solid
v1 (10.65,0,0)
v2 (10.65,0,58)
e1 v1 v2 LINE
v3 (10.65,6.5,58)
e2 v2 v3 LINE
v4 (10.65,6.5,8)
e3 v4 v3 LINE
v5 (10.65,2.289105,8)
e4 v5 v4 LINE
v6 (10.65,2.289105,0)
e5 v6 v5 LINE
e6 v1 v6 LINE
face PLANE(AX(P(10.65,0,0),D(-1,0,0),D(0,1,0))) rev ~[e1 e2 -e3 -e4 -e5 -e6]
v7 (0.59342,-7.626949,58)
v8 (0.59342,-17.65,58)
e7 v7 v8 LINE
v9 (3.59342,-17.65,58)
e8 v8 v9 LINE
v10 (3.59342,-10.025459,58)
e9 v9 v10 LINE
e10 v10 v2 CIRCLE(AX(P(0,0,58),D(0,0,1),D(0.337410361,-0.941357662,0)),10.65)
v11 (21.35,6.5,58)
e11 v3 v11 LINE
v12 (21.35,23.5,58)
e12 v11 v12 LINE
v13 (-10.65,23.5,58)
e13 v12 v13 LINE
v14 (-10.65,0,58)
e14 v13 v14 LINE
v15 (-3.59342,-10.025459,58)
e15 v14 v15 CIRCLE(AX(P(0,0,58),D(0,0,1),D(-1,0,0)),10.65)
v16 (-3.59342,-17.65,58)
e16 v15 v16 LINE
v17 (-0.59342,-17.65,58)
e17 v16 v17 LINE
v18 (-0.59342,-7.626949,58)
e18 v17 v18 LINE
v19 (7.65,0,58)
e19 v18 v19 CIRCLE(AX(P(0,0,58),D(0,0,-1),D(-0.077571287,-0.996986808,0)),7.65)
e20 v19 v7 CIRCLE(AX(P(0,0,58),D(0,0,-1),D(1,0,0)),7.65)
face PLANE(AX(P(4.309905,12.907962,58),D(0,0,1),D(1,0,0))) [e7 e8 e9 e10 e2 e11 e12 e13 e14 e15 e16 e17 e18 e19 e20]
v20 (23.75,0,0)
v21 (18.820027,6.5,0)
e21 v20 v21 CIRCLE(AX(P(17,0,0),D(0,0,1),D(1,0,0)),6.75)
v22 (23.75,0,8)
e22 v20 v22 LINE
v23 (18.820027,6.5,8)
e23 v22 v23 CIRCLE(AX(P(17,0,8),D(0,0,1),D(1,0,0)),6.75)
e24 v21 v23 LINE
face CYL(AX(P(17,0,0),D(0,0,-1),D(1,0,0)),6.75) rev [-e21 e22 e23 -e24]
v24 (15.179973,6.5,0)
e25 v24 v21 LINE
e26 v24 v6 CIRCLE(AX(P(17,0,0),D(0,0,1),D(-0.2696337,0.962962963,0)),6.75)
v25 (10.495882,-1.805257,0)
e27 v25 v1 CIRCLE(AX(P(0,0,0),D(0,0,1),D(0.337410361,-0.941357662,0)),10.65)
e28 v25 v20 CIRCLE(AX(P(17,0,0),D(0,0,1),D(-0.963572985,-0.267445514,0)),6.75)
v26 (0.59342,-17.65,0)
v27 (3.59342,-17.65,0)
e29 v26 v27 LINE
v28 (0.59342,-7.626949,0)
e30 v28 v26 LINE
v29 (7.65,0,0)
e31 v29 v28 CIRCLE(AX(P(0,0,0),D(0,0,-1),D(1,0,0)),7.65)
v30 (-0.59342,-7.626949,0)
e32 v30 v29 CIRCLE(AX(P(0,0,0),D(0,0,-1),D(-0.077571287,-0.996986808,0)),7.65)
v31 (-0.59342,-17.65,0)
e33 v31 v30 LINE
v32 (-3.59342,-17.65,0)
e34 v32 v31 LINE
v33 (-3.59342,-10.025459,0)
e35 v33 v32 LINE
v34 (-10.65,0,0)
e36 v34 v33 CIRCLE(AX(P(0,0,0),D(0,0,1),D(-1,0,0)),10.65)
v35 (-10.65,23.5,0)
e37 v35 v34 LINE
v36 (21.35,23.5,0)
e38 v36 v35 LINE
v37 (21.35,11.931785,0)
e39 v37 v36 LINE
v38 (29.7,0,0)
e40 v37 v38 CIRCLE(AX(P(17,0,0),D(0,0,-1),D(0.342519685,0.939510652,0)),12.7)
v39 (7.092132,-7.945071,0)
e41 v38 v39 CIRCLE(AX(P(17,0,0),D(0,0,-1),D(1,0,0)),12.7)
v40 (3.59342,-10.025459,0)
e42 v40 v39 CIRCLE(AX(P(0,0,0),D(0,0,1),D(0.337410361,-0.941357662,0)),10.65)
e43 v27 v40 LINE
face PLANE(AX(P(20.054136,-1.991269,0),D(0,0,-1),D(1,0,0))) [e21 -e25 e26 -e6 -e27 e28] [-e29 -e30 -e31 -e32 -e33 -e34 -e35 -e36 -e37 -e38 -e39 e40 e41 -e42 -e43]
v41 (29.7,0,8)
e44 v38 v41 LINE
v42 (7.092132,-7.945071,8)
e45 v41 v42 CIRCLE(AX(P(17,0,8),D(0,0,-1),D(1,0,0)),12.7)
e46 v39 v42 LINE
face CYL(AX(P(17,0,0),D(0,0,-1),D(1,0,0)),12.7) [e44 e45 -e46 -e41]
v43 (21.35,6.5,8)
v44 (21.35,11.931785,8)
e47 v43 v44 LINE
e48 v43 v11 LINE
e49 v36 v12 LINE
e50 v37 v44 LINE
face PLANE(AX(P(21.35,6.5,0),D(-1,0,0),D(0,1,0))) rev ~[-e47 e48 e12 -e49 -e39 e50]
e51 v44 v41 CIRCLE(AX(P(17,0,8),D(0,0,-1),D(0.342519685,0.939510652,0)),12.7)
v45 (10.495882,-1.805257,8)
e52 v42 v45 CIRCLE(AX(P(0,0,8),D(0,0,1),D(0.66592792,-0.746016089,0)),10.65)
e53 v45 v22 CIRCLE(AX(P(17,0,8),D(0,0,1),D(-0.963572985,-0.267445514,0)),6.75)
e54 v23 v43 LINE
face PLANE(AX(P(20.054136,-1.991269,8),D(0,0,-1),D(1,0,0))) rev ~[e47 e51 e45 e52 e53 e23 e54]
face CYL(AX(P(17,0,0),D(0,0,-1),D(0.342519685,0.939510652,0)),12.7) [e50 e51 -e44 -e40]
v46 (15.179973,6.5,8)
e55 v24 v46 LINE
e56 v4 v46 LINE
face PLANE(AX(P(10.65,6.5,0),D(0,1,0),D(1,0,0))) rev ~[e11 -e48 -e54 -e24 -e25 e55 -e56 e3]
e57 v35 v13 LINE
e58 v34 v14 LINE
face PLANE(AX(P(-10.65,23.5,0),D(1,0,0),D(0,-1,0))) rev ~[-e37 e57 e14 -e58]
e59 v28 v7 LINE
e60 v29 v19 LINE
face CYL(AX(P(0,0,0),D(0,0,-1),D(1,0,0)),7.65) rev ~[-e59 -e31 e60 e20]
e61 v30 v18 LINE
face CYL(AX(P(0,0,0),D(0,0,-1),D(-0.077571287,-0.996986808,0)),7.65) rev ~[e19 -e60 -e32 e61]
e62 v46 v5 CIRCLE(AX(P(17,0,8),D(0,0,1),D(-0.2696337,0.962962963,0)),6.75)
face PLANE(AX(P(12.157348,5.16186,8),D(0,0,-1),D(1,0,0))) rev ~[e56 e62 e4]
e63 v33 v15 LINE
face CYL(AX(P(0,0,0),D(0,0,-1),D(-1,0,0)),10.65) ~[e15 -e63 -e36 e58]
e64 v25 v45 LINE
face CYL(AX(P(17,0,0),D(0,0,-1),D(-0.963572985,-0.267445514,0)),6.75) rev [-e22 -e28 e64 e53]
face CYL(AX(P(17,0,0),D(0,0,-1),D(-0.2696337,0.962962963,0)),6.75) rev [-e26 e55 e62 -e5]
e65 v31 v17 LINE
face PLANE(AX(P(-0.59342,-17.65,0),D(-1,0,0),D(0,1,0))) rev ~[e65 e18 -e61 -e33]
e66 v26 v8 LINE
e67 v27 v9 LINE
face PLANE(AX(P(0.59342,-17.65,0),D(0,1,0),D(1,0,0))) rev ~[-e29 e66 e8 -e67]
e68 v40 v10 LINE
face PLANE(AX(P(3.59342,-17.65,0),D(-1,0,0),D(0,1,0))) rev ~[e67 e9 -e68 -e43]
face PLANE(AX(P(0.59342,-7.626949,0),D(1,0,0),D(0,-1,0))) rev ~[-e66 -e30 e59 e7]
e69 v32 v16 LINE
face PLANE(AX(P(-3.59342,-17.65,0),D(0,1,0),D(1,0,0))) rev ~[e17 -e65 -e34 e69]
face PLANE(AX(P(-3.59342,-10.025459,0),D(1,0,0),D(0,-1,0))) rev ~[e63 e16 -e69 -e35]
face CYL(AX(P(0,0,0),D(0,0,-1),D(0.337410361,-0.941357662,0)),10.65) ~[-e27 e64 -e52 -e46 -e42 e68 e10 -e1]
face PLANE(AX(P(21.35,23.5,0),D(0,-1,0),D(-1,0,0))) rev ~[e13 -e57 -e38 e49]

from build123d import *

# Parameters (mm, degrees)
F1_DEPTH = 58
F3_DEPTH = 8


with BuildPart() as f1:
    # F0 (on Top) → F1 (new body)
    with BuildSketch(Plane.XY):
        with BuildLine():
            Line((-10.65, 23.5), (-10.65, 0))
            ThreePointArc((-10.65, 0), (0, 10.65), (10.65, 0))
            Line((10.65, 0), (10.65, 6.5))
            Line((10.65, 6.5), (21.35, 6.5))
            Line((21.35, 6.5), (21.35, 23.5))
            Line((21.35, 23.5), (-10.65, 23.5))
        make_face()
        with BuildLine():
            ThreePointArc((-0.5934203427, -7.6269490818), (-5.1953264757, 5.6152544743), (7.65, 0))
            ThreePointArc((7.65, 0), (5.6152544743, -5.1953264757), (0.5934203427, -7.6269490818))
            Line((0.5934203427, -7.6269490818), (0.5934203427, -10.6334543915))
            ThreePointArc((0.5934203427, -10.6334543915), (2.1153778147, -10.4378003766), (3.5934203427, -10.0254591037))
            ThreePointArc((3.5934203427, -10.0254591037), (8.7089731499, -6.1299499733), (10.65, 0))
            ThreePointArc((10.65, 0), (0, 10.65), (-10.65, 0))
            ThreePointArc((-10.65, 0), (-8.7089731499, -6.1299499733), (-3.5934203427, -10.0254591037))
            ThreePointArc((-3.5934203427, -10.0254591037), (-2.1153778147, -10.4378003766), (-0.5934203427, -10.6334543915))
            Line((-0.5934203427, -10.6334543915), (-0.5934203427, -7.6269490818))
        make_face()
        with BuildLine():
            ThreePointArc((3.5934203427, -10.0254591037), (2.1153778147, -10.4378003766), (0.5934203427, -10.6334543915))
            Line((0.5934203427, -10.6334543915), (0.5934203427, -17.65))
            Line((0.5934203427, -17.65), (3.5934203427, -17.65))
            Line((3.5934203427, -17.65), (3.5934203427, -10.0254591037))
        make_face()
        with BuildLine():
            Line((-0.5934203427, -17.65), (-0.5934203427, -10.6334543915))
            ThreePointArc((-0.5934203427, -10.6334543915), (-2.1153778147, -10.4378003766), (-3.5934203427, -10.0254591037))
            Line((-3.5934203427, -10.0254591037), (-3.5934203427, -17.65))
            Line((-3.5934203427, -17.65), (-0.5934203427, -17.65))
        make_face()
    extrude(amount=F1_DEPTH)

    # F2 (on face) → F3 (join)
    with BuildSketch(Plane(origin=(0, 0, 0), x_dir=(1, 0, 0), z_dir=(0, 0, -1))):
        with BuildLine():
            ThreePointArc((21.35, -11.9317852813), (27.4051669857, -7.2816550317), (29.7, 0))
            ThreePointArc((29.7, 0), (21.2107054565, 11.981650953), (7.0921323529, 7.9450713457))
            ThreePointArc((7.0921323529, 7.9450713457), (9.3144454851, 5.1636813713), (10.4958823529, 1.8052572208))
            ThreePointArc((10.4958823529, 1.8052572208), (17.9109626453, 6.6882469346), (23.75, 0))
            ThreePointArc((23.75, 0), (22.3780891327, -4.079051027), (18.8200274723, -6.5))
            Line((18.8200274723, -6.5), (21.35, -6.5))
            Line((21.35, -6.5), (21.35, -11.9317852813))
        make_face()
        with BuildLine():
            ThreePointArc((15.1799725277, -6.5), (12.4043229898, -4.9439106806), (10.65, -2.2891046285))
            Line((10.65, -2.2891046285), (10.65, -6.5))
            Line((10.65, -6.5), (15.1799725277, -6.5))
        make_face()
    extrude(amount=-F3_DEPTH)


solid = f1.part
